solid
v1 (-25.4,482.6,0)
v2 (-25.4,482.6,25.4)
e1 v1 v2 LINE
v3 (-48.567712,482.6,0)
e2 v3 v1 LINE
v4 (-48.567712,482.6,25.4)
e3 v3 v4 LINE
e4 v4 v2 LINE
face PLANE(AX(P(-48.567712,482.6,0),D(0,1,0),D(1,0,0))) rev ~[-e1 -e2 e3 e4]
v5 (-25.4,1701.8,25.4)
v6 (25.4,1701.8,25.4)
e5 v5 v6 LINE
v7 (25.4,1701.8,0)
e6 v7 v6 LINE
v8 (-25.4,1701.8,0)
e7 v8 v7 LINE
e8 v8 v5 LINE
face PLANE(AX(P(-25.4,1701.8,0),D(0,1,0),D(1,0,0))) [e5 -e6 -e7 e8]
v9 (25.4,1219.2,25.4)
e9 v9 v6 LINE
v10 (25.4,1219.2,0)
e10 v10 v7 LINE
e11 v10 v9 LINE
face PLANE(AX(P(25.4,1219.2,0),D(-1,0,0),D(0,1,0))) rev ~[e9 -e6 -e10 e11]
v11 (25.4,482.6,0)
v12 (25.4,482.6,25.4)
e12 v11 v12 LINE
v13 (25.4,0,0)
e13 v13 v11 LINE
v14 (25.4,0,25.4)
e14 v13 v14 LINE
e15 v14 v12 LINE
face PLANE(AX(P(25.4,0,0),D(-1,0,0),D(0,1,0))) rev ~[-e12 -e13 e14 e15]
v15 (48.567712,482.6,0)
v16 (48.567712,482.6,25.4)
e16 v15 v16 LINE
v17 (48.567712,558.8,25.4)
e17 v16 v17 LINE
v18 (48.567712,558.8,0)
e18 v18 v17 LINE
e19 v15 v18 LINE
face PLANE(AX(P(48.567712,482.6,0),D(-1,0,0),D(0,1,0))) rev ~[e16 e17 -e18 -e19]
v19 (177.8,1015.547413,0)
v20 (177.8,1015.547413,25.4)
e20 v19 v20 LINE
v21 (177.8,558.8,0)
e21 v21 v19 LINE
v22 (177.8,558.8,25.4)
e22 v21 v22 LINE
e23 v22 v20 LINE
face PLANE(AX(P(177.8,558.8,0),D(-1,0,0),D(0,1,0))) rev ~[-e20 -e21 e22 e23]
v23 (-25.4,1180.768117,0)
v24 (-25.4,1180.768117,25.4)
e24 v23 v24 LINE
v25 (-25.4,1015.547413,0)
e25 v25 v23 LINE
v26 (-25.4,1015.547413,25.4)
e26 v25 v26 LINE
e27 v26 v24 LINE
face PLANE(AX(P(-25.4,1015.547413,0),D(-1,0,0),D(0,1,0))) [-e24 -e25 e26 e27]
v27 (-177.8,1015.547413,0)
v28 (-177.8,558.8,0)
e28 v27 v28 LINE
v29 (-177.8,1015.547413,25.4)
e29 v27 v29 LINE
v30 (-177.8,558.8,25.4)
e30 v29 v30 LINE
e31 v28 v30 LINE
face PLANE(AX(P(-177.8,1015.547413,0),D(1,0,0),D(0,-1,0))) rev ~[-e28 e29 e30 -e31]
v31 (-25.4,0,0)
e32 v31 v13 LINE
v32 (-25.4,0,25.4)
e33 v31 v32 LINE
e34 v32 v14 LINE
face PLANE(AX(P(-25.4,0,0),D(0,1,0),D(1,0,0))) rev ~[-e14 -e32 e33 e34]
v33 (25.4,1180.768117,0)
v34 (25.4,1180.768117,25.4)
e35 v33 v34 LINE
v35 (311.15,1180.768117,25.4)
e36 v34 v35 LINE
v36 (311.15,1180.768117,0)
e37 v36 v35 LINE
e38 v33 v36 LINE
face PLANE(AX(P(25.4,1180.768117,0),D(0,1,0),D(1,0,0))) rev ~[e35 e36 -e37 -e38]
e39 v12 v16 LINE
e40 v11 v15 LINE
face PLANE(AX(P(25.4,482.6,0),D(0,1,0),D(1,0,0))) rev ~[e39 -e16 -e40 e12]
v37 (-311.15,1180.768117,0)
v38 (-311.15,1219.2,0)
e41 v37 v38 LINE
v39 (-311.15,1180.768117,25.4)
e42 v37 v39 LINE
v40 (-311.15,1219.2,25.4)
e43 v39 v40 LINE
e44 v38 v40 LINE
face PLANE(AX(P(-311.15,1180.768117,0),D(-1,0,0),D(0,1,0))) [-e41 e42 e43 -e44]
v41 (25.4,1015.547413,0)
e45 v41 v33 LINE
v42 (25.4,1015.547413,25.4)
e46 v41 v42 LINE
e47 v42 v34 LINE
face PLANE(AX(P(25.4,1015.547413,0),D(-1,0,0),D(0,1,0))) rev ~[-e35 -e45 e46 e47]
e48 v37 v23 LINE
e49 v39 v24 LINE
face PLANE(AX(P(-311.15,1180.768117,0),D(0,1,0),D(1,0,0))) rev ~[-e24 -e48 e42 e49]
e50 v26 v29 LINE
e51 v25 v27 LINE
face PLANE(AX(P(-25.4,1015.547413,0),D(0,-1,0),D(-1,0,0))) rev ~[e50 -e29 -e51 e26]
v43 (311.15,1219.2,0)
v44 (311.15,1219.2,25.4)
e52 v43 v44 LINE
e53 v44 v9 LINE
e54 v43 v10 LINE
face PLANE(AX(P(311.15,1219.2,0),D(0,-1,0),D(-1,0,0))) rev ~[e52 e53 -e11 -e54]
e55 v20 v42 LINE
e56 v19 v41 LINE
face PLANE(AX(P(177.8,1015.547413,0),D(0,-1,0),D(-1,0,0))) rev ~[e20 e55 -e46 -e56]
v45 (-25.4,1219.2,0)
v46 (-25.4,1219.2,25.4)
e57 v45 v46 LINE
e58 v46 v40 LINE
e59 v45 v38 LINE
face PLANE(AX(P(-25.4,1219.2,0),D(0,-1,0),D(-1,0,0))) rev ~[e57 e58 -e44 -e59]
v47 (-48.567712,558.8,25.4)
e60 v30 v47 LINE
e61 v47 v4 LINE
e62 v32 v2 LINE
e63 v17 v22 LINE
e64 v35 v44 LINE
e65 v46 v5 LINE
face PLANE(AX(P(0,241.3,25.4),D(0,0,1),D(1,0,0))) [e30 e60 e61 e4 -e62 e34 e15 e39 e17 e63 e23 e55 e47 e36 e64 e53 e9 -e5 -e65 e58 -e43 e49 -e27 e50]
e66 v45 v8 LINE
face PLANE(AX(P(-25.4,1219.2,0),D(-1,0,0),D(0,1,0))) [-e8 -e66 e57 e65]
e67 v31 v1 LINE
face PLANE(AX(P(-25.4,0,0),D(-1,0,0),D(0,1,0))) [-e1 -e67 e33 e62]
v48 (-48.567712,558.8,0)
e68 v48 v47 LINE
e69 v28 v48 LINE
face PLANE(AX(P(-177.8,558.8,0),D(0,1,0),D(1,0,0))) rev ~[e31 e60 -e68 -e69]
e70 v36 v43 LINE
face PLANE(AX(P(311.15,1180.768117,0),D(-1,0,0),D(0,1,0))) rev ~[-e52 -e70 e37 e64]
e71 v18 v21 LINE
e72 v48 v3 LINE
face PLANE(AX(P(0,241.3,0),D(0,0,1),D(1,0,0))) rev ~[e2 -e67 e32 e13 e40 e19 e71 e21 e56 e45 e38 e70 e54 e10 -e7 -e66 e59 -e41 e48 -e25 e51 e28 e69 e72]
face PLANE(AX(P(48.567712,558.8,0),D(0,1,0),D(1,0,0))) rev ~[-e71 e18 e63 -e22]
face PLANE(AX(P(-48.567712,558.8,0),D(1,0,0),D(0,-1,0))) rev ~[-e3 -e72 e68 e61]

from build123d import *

# Parameters (mm, degrees)
F0_W     = 50.8
F0_H     = 482.6
F0_W_2   = 23.167712307
F0_H_2   = 76.2
F0_H_3   = 145.5220067978
F0_H_4   = 311.2254058838
F0_H_5   = 165.2207044601
F0_W_3   = 285.75
F0_H_6   = 38.4318828583
F1_DEPTH = 25.4


with BuildPart() as f1:
    # F0 (on Top) → F1 (new body)
    with BuildSketch(Plane.XY):
        with Locations((0, 241.3)):
            Rectangle(F0_W, F0_H)
        with Locations((-36.9838561535, 520.7)):
            Rectangle(F0_W_2, F0_H_2)
        with Locations((0, 520.7)):
            Rectangle(F0_W, F0_H_2)
        with Locations((36.9838561535, 520.7)):
            Rectangle(F0_W_2, F0_H_2)
        with Locations((-36.9838561535, 631.5610033989)):
            Rectangle(F0_W_2, F0_H_3)
        with Locations((36.9838561535, 631.5610033989)):
            Rectangle(F0_W_2, F0_H_3)
        Polygon((-48.567712307, 704.3220067978), (-25.4, 704.3220067978), (-25.4, 1015.5474126816), (-177.8, 1015.5474126816), (-177.8, 558.8), (-48.567712307, 558.8), align=None)
        with Locations((0, 859.9347097397)):
            Rectangle(F0_W, F0_H_4)
        Polygon((25.4, 1015.5474126816), (25.4, 704.3220067978), (48.567712307, 704.3220067978), (48.567712307, 558.8), (177.8, 558.8), (177.8, 1015.5474126816), align=None)
        with Locations((0, 1098.1577649117)):
            Rectangle(F0_W, F0_H_5)
        with Locations((-168.275, 1199.9840585709)):
            Rectangle(F0_W_3, F0_H_6)
        with Locations((0, 1199.9840585709)):
            Rectangle(F0_W, F0_H_6)
        with Locations((168.275, 1199.9840585709)):
            Rectangle(F0_W_3, F0_H_6)
        with Locations((0, 1460.5)):
            Rectangle(F0_W, F0_H)
        with Locations((0, 631.5610033989)):
            Rectangle(F0_W, F0_H_3)
    extrude(amount=F1_DEPTH)


solid = f1.part
